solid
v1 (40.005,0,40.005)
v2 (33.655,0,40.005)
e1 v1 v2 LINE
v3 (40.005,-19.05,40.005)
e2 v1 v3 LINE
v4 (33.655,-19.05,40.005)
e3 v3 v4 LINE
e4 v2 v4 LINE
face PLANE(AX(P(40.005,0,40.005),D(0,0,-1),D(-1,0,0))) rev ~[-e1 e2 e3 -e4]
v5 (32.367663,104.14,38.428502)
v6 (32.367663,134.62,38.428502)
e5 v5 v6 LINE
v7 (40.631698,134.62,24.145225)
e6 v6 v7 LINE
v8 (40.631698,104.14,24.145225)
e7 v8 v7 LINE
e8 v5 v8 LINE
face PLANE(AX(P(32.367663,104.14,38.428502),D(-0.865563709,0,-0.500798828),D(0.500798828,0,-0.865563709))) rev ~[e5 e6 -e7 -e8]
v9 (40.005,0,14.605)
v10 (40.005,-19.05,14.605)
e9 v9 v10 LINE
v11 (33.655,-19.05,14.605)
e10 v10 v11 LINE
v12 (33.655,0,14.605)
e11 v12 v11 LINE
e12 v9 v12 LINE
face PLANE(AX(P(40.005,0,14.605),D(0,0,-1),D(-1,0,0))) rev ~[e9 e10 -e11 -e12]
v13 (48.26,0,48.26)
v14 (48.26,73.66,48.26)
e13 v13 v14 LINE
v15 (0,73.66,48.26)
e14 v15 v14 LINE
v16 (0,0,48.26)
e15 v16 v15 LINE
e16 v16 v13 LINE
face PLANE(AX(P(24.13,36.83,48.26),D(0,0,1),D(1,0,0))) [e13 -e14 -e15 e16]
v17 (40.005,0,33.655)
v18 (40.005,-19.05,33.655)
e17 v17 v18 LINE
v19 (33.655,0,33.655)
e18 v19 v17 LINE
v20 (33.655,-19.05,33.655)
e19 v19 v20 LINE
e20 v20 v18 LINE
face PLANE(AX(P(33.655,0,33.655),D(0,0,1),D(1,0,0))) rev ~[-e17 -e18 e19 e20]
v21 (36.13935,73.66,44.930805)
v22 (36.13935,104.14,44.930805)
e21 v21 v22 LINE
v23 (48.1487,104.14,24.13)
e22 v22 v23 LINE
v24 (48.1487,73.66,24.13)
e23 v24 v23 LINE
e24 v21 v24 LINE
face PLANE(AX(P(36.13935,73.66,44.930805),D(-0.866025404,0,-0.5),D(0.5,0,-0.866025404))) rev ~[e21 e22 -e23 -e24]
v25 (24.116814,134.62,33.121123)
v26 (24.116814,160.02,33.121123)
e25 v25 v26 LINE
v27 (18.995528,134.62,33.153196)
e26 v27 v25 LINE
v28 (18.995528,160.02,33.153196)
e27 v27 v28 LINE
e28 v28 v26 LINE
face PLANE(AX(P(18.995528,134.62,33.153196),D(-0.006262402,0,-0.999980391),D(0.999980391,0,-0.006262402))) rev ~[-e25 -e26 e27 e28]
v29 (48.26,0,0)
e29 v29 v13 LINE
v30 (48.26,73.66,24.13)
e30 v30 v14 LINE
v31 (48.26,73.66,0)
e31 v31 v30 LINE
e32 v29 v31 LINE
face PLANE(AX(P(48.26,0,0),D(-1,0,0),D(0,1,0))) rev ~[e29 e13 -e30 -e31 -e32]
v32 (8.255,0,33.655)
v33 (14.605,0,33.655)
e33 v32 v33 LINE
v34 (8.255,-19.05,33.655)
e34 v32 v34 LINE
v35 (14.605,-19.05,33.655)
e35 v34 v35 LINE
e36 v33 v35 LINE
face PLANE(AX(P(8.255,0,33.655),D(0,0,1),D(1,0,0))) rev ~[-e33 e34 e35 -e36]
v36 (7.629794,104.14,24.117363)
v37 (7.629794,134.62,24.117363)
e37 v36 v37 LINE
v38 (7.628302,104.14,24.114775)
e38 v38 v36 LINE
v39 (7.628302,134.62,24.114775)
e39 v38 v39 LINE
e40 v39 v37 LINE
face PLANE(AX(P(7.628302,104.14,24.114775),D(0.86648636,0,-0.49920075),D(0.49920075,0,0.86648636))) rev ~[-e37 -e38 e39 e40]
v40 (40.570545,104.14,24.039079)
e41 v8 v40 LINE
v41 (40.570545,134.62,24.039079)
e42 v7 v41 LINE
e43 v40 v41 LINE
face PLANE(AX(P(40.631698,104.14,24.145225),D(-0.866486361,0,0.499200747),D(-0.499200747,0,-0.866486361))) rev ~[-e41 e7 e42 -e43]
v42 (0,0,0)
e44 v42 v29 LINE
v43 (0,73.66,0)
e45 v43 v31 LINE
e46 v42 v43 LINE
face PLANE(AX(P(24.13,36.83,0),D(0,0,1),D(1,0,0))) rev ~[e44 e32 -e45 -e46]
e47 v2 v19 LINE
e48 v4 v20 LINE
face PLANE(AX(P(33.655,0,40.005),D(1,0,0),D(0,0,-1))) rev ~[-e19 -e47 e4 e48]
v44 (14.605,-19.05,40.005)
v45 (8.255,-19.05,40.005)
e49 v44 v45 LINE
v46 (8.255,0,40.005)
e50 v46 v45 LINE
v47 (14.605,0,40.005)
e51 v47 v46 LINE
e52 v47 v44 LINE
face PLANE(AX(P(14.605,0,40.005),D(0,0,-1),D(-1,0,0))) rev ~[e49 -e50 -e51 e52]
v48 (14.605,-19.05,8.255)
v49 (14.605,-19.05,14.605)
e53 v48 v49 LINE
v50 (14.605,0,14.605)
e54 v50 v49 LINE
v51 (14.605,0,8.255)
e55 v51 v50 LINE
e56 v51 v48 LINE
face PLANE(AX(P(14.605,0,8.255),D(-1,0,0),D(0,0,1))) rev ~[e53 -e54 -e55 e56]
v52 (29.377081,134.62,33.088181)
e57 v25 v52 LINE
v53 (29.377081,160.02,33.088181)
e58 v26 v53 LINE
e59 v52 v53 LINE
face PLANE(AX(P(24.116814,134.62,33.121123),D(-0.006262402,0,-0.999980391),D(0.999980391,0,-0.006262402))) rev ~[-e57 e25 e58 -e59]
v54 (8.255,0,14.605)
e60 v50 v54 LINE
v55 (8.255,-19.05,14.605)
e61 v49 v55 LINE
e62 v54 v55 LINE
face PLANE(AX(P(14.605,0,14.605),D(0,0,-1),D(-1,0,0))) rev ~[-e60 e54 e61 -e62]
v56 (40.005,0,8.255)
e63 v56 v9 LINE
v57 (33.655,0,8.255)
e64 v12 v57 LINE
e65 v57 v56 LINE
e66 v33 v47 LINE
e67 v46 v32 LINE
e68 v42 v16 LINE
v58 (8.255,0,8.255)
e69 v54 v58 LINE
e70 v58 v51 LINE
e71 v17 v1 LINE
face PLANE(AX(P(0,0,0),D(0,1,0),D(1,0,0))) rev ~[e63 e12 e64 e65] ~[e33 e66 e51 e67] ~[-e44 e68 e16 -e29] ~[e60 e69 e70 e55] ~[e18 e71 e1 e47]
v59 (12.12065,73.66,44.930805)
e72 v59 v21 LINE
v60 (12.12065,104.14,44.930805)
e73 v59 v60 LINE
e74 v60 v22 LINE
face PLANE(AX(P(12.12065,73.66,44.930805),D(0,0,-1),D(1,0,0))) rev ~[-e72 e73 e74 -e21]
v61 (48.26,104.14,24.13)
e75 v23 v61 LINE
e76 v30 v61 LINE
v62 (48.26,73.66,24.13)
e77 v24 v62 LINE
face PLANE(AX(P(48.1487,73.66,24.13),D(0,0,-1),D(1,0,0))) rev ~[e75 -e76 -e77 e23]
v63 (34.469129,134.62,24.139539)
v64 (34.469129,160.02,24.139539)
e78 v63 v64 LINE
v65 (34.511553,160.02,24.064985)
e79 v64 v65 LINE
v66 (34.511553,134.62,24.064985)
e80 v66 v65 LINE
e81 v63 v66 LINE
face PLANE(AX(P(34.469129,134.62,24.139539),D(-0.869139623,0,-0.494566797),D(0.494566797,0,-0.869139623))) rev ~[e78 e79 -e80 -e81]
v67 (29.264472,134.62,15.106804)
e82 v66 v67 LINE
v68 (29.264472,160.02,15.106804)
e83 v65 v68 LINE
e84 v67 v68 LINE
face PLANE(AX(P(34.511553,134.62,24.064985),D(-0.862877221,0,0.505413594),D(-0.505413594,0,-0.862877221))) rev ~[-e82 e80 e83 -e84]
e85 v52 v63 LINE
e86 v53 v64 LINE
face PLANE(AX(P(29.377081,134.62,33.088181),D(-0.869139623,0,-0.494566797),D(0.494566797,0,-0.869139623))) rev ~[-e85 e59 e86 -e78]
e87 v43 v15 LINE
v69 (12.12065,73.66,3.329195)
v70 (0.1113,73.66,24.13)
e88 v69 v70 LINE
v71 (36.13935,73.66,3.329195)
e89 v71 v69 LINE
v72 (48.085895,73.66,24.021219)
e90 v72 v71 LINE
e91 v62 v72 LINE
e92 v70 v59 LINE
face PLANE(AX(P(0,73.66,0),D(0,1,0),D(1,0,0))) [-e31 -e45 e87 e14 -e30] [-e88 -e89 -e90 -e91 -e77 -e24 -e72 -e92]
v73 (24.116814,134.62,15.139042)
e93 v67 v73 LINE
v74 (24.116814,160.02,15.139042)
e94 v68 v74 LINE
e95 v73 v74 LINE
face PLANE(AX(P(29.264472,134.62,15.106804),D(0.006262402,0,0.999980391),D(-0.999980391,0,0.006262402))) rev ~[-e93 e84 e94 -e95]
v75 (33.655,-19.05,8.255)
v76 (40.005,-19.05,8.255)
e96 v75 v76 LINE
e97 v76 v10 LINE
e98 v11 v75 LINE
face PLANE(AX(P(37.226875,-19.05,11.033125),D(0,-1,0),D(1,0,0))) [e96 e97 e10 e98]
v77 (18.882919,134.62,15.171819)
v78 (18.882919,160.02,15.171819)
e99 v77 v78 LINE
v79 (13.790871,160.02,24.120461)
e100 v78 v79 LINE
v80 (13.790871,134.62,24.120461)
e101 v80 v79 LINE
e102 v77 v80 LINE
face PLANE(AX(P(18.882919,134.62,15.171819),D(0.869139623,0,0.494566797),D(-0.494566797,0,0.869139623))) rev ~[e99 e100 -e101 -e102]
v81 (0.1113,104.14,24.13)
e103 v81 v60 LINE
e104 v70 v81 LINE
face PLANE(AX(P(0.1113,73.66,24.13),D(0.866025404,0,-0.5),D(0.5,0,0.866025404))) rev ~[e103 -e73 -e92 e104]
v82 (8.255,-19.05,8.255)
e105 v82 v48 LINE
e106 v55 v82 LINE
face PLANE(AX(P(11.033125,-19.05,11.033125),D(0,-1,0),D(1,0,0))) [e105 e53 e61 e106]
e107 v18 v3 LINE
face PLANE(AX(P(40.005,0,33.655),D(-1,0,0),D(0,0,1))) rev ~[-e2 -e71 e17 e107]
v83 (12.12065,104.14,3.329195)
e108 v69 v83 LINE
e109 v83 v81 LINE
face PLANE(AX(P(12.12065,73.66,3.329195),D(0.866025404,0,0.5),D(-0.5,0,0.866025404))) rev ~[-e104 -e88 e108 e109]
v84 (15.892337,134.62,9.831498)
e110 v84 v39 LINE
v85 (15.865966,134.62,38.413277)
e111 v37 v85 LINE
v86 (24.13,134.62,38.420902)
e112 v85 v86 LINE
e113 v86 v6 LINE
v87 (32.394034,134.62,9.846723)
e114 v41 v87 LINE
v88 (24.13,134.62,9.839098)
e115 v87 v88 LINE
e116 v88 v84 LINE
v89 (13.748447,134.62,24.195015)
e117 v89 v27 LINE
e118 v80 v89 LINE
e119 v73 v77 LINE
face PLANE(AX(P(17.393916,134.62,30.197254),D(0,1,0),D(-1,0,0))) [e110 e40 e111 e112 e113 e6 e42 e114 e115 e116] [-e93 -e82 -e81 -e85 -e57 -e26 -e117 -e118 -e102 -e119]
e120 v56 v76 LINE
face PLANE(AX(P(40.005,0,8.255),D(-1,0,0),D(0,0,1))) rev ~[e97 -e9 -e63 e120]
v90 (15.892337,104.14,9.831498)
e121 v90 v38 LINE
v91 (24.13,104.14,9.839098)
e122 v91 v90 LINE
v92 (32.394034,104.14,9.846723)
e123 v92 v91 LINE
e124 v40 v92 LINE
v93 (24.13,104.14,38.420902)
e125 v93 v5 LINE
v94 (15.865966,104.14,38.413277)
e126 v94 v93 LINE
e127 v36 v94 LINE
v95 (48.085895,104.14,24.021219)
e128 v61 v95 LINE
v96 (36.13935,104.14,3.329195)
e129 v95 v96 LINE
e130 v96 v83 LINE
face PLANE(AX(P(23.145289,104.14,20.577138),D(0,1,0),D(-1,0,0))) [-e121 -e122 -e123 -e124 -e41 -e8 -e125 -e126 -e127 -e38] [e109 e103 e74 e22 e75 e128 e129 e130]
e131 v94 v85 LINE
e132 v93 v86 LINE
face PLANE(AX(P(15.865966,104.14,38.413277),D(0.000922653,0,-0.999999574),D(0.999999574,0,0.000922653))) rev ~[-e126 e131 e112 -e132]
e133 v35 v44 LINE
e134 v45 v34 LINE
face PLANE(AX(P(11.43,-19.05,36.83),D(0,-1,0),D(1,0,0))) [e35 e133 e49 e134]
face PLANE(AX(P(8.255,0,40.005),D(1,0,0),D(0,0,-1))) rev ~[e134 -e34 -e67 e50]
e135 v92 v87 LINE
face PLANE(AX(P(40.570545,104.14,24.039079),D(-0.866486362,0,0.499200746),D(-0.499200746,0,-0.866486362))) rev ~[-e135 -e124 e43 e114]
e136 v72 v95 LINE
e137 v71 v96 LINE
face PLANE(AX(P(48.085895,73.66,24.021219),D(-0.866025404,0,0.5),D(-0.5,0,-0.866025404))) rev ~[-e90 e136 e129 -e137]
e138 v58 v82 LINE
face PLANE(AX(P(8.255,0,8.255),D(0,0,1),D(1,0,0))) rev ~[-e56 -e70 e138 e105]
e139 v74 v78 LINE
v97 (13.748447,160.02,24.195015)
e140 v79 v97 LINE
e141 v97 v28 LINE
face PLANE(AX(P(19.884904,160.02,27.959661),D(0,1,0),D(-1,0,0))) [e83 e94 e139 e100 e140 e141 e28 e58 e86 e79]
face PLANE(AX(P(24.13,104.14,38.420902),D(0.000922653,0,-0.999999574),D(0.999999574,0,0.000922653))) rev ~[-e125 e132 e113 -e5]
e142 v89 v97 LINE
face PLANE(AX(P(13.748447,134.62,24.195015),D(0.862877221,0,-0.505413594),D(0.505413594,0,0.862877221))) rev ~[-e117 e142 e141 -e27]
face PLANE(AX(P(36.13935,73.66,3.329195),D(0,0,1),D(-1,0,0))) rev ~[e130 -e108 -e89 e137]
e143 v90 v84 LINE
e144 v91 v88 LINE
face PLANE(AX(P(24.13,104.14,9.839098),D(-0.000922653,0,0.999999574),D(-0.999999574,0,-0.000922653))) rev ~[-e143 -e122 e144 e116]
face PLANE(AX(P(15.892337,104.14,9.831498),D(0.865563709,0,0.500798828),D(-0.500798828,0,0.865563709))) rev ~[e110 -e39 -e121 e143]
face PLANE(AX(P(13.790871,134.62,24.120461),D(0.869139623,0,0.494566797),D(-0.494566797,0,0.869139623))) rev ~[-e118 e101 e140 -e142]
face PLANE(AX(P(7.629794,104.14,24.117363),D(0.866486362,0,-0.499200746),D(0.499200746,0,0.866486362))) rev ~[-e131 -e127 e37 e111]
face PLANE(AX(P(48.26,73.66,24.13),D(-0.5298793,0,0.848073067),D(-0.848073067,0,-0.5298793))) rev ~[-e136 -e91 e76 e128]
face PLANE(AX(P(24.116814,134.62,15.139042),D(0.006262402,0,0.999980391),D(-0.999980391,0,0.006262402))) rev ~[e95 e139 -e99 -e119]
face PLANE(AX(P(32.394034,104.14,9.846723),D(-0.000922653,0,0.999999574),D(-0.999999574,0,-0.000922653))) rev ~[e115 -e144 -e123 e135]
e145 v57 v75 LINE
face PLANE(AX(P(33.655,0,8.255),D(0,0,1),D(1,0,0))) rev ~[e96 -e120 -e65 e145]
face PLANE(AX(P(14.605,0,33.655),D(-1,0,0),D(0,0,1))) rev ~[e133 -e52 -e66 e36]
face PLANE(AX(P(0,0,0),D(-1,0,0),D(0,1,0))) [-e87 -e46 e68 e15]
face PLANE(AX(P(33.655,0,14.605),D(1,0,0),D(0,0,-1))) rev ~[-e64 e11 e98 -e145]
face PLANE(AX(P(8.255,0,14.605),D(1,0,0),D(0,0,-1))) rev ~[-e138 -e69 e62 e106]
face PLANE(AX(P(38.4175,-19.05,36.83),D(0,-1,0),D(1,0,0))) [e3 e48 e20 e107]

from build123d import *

# Parameters (mm, degrees)
F0_W     = 48.26
F0_H     = 73.66
F1_DEPTH = 48.26
F3_DEPTH = 30.48
F5_DEPTH = 30.48
F7_DEPTH = 25.4
F8_W     = 3.175
F8_H     = 3.175
F9_DEPTH = 19.05


with BuildPart() as f1:
    # F0 (on Top) → F1 (new body)
    with BuildSketch(Plane.XY):
        with Locations((24.13, 36.83)):
            Rectangle(F0_W, F0_H)
    extrude(amount=F1_DEPTH)

    # F2 (on face) → F3 (join)
    with BuildSketch(Plane(origin=(0, 73.66, 0), x_dir=(-1, 0, 0), z_dir=(0, 1, 0))):
        Polygon((-12.1206499105, 44.9308045208), (-24.13, 44.9308045208), (-24.13, 24.13), (-24.13, 9.0534836054), (-48.0858952621, 24.0212186931), (-36.1393500895, 3.3291954792), (-12.1206499105, 3.3291954792), (-0.1112998211, 24.13), align=None)
        Polygon((-24.13, 24.13), (-24.13, 44.9308045208), (-36.1393500895, 44.9308045208), (-48.1487001789, 24.13), align=None)
        Polygon((-24.13, 9.0534836054), (-24.13, 24.13), (-48.1487001789, 24.13), (-48.0858952621, 24.0212186931), align=None)
        Polygon((-48.0858952621, 24.0212186931), (-48.1487001789, 24.13), (-48.26, 24.13), align=None)
    extrude(amount=F3_DEPTH)

    # F4 (on face) → F5 (join)
    with BuildSketch(Plane(origin=(0, 104.14, 0), x_dir=(-1, 0, 0), z_dir=(0, 1, 0))):
        Polygon((-15.8659655868, 38.4132767837), (-24.13, 38.4209016232), (-24.13, 24.0781502233), (-7.6297935663, 24.1173632016), align=None)
        Polygon((-24.13, 24.0781502233), (-24.13, 38.4209016232), (-32.3676633374, 38.4285021314), (-40.6316977506, 24.1452253477), (-40.5705446588, 24.0390790321), align=None)
        Polygon((-7.6297935663, 24.1173632016), (-24.13, 24.0781502233), (-24.13, 9.8390983768), (-15.8923366626, 9.8314978686), (-7.6283022494, 24.1147746523), align=None)
        Polygon((-24.13, 9.8390983768), (-24.13, 24.0781502233), (-40.5705446588, 24.0390790321), (-32.3940344132, 9.8467232163), align=None)
    extrude(amount=F5_DEPTH)

    # F6 (on face) → F7 (join)
    with BuildSketch(Plane(origin=(0, 134.62, 0), x_dir=(-1, 0, 0), z_dir=(0, 1, 0))):
        Polygon((-18.9955281103, 33.1531956374), (-24.1168144621, 33.1211234563), (-24.1168144621, 24.1299878343), (-13.7908709872, 24.1204605673), (-13.7484474098, 24.1950147272), align=None)
        Polygon((-24.1168144621, 24.1299878343), (-24.1168144621, 33.1211234563), (-29.3770807004, 33.0881809102), (-34.4691290128, 24.1395394327), align=None)
        Polygon((-13.7908709872, 24.1204605673), (-24.1168144621, 24.1299878343), (-24.1168144621, 15.1390416932), (-18.8829192996, 15.1718190898), align=None)
        Polygon((-24.1168144621, 15.1390416932), (-24.1168144621, 24.1299878343), (-34.4691290128, 24.1395394327), (-34.5115525902, 24.0649852728), (-29.2644718897, 15.1068043626), align=None)
    extrude(amount=F7_DEPTH)

    # F8 (on face) → F9 (join)
    with BuildSketch(Plane.XZ):
        Polygon((40.005, 40.005), (36.83, 40.005), (36.83, 36.83), (36.83, 33.655), (40.005, 33.655), align=None)
        Polygon((36.83, 36.83), (36.83, 40.005), (33.655, 40.005), (33.655, 33.655), (36.83, 33.655), align=None)
        Polygon((8.255, 33.655), (11.43, 33.655), (14.605, 33.655), (14.605, 40.005), (8.255, 40.005), align=None)
        Polygon((14.605, 8.255), (14.605, 11.43), (11.43, 11.43), (11.43, 14.605), (8.255, 14.605), (8.255, 8.255), align=None)
        with Locations((13.0175, 13.0175)):
            Rectangle(F8_W, F8_H)
        Polygon((40.005, 14.605), (36.83, 14.605), (36.83, 11.43), (33.655, 11.43), (33.655, 8.255), (40.005, 8.255), align=None)
        with Locations((35.2425, 13.0175)):
            Rectangle(F8_W, F8_H)
    extrude(amount=F9_DEPTH)


solid = f1.part
